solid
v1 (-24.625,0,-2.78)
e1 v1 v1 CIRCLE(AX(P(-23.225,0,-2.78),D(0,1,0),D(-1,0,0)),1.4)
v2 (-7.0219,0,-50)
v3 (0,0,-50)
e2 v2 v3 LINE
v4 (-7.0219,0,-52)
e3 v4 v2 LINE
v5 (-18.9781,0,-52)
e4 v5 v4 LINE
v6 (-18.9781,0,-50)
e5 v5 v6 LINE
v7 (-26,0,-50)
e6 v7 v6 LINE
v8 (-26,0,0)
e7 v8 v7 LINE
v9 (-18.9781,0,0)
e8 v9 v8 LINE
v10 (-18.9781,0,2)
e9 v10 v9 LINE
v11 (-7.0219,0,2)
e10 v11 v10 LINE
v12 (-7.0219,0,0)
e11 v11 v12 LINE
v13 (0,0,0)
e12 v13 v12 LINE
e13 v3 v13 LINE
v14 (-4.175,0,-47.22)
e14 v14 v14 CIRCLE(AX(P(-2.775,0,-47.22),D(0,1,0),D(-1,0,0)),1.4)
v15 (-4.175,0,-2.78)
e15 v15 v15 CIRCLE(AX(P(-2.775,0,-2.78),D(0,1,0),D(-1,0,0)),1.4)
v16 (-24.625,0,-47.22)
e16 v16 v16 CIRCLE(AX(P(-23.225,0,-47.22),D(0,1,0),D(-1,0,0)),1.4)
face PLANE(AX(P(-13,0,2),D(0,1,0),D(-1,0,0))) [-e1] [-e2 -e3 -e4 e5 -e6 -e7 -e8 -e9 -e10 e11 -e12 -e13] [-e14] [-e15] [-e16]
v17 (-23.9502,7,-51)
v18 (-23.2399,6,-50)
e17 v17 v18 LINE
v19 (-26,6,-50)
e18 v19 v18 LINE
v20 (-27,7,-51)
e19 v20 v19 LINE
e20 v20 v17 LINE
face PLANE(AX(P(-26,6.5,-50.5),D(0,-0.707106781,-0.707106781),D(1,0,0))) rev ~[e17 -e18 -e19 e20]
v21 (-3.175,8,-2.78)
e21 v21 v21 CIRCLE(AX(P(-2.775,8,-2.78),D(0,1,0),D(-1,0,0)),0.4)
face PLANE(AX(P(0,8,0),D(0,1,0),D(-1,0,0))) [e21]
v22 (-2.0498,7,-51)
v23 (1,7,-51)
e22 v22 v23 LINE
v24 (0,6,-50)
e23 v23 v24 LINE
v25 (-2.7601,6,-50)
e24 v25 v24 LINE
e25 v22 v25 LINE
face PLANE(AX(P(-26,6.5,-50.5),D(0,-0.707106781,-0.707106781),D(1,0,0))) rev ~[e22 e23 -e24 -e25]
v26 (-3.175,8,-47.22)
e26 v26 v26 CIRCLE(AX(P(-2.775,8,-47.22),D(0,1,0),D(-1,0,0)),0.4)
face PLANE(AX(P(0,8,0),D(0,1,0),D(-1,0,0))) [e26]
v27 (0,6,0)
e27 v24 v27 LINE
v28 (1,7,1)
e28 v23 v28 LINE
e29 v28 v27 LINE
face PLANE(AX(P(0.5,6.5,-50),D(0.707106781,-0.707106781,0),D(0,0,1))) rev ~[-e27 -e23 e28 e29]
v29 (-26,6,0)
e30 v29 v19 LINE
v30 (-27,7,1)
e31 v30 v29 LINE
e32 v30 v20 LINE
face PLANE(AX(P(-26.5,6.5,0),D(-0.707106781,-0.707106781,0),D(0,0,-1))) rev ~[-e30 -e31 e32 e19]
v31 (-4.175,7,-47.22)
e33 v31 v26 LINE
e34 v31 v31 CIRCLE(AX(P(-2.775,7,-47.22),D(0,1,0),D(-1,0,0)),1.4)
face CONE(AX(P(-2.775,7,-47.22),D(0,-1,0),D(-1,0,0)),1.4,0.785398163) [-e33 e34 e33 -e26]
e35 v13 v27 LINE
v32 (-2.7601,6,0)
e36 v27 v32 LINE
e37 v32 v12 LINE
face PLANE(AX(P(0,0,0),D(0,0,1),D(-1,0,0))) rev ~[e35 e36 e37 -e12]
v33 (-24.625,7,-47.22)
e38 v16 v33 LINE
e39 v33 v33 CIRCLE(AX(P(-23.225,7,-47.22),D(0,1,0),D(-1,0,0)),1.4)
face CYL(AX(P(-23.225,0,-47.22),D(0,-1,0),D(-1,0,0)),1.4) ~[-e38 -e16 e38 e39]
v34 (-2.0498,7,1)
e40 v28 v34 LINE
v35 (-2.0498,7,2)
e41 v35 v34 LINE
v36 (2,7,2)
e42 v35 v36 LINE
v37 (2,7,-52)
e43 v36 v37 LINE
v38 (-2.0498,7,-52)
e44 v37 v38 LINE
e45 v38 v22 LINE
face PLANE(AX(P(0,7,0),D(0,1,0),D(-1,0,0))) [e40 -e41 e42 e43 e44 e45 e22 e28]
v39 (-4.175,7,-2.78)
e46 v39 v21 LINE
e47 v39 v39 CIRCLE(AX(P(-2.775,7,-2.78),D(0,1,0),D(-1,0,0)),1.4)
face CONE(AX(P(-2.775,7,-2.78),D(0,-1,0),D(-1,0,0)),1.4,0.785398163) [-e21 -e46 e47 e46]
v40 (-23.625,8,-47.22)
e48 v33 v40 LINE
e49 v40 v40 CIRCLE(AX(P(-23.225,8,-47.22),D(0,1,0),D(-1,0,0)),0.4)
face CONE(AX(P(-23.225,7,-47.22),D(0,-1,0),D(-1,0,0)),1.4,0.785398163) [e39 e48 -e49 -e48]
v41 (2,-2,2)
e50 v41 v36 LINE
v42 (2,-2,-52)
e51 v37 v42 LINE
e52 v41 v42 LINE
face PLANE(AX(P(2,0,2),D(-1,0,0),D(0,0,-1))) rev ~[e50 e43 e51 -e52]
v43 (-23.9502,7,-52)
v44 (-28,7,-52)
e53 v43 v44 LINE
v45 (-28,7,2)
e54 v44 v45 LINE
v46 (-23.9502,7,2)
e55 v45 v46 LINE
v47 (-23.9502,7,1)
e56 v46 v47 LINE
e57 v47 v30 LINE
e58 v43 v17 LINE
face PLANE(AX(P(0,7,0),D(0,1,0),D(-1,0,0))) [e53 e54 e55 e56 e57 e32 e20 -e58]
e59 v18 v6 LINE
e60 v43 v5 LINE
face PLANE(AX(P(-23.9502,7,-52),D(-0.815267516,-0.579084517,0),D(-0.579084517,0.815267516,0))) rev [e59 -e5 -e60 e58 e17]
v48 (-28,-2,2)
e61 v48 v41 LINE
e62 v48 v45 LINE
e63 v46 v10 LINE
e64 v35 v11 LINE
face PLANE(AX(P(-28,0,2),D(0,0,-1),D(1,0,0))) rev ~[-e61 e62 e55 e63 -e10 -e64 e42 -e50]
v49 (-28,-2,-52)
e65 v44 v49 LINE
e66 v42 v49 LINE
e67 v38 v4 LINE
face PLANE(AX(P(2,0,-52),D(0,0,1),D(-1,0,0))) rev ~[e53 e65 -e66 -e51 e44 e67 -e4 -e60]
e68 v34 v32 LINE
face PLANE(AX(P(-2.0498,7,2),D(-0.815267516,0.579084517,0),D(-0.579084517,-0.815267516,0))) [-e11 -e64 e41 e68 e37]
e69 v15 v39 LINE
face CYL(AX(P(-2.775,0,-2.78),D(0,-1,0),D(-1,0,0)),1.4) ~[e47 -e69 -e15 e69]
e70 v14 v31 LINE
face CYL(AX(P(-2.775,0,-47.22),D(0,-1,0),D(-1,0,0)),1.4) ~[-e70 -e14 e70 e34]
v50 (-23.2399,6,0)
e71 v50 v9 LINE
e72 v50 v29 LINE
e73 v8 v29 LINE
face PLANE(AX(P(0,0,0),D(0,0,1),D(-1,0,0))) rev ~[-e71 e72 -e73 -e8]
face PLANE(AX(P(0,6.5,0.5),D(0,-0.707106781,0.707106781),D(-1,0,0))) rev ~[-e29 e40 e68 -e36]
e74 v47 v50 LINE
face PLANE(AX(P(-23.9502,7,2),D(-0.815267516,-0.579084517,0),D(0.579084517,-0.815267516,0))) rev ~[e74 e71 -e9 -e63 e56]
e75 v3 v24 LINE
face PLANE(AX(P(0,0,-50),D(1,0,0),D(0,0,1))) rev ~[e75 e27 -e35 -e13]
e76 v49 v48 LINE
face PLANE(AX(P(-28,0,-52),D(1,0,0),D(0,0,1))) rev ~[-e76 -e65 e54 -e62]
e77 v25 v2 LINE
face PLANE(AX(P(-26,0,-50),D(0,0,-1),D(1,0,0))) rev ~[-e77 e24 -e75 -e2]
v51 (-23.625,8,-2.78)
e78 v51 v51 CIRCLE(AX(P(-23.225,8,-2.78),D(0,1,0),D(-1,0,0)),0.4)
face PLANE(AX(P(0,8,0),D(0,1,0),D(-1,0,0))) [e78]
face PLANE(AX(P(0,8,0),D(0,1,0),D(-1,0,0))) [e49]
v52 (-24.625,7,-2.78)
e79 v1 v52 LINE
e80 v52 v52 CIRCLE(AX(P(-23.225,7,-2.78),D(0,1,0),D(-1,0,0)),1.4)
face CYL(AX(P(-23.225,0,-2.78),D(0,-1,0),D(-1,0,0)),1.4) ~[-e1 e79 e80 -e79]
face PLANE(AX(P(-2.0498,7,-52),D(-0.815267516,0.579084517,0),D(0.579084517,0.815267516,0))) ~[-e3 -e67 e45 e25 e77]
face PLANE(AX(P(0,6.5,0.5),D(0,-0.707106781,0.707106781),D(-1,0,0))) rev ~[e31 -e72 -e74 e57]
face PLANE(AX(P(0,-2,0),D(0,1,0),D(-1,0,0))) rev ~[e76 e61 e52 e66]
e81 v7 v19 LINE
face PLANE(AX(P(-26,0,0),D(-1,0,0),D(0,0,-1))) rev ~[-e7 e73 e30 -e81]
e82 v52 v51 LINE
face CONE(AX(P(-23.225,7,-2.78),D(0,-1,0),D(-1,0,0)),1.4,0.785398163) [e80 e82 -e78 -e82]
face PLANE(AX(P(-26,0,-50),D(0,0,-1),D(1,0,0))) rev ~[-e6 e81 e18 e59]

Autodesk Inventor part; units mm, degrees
ref_plane "YZ Plane" through (0, 0, 0) normal (1, 0, 0) x (0, 1, 0)
ref_plane "XZ Plane" through (0, 0, 0) normal (0, 1, 0) x (-1, 0, 0)
ref_plane "XY Plane" through (0, 0, 0) normal (0, 0, 1) x (1, 0, 0)
sketch "Sketch1" plane through (0, 0, 0) normal (0, 1, 0) x (-1, 0, 0)
  line L0 (0, 0) -> (26, 0)
  line L1 (26, 0) -> (26, -50)
  line L2 (26, -50) -> (0, -50)
  line L3 (0, -50) -> (0, 0)
  line L4 (28, 2) -> (-2, 2)
  line L5 (-2, 2) -> (-2, -52)
  line L6 (-2, -52) -> (28, -52)
  line L7 (28, -52) -> (28, 2)
  circle A0 centre (2.775, -2.78) radius 1.4
  circle A1 centre (23.225, -2.78) radius 1.4
  line L8 (2.775, -2.78) -> (23.225, -2.78) construction
  line L9 (26, -25) -> (0, -25) construction
  circle A2 centre (2.775, -47.22) radius 1.4
  circle A3 centre (23.225, -47.22) radius 1.4
  line L10 (2.775, -47.22) -> (23.225, -47.22) construction
  point P0 (13, 0)
  point P1 (13, -2.78)
  point P2 (13, -47.22)
  dimension "d0" = 2
  dimension "d1" = 50
  dimension "d2" = 26
  dimension "d3" = 2.8
  dimension "d4" = 2.8
  dimension "d5" = 23.25
  dimension "d6" = 0
  dimension "d7" = 1.38
extrude "Extrusion1" add sketch "Sketch1" against normal blind 2 contours L0 L1 L2 L3 | L7 L6 L5 L4 | A0 | A1 | A2 | A3
extrude "Extrusion2" add sketch "Sketch1" along normal blind 7 contours L7 L6 L5 L4
extrude "Extrusion3" add sketch "Sketch1" along normal blind 8 contours A0 | A1 | A2 | A3
chamfer "Chamfer1" distance 1 angle 45 8 edges at (-1.375, 8, -2.78) (-21.825, 8, -47.22) (-13, 7, -50) (-26, 7, -25) (0, 7, -25) (-1.375, 8, -47.22) (-21.825, 8, -2.78) (-13, 7, 0)
sketch "Sketch2" plane through (-28, -2, 2) normal (0, 0, 1) x (1, 0, 0)
  line L0 (29, 9) -> (1, 9) projected
  line L1 (28, 2) -> (28, 8) projected
  line L2 (2.0702, 9) -> (28, 9)
  line L3 (28, 9) -> (28, 2)
  line L4 (28, 2) -> (2.0702, 2)
  line L5 (2.0702, 2) -> (2.0702, 9)
  line L6 (25.9502, 9) -> (20.9781, 2)
  line L7 (0, 0) -> (30, 0) projected
  line L8 (15, 0) -> (15, 8)
  line L9 (4.0498, 9) -> (9.0219, 2)
extrude "Extrusion4" cut sketch "Sketch2" against normal blind 2 contours L6 L4 L9 L0
ref_plane "Work Plane1" through (-26, 0, -25) normal (0, 0, 1) x (1, 0, 0)
mirror "Mirror1" about plane through (-26, 0, -25) normal (0, 0, 1) of "Extrusion4"
properties part number "relay board holder"
